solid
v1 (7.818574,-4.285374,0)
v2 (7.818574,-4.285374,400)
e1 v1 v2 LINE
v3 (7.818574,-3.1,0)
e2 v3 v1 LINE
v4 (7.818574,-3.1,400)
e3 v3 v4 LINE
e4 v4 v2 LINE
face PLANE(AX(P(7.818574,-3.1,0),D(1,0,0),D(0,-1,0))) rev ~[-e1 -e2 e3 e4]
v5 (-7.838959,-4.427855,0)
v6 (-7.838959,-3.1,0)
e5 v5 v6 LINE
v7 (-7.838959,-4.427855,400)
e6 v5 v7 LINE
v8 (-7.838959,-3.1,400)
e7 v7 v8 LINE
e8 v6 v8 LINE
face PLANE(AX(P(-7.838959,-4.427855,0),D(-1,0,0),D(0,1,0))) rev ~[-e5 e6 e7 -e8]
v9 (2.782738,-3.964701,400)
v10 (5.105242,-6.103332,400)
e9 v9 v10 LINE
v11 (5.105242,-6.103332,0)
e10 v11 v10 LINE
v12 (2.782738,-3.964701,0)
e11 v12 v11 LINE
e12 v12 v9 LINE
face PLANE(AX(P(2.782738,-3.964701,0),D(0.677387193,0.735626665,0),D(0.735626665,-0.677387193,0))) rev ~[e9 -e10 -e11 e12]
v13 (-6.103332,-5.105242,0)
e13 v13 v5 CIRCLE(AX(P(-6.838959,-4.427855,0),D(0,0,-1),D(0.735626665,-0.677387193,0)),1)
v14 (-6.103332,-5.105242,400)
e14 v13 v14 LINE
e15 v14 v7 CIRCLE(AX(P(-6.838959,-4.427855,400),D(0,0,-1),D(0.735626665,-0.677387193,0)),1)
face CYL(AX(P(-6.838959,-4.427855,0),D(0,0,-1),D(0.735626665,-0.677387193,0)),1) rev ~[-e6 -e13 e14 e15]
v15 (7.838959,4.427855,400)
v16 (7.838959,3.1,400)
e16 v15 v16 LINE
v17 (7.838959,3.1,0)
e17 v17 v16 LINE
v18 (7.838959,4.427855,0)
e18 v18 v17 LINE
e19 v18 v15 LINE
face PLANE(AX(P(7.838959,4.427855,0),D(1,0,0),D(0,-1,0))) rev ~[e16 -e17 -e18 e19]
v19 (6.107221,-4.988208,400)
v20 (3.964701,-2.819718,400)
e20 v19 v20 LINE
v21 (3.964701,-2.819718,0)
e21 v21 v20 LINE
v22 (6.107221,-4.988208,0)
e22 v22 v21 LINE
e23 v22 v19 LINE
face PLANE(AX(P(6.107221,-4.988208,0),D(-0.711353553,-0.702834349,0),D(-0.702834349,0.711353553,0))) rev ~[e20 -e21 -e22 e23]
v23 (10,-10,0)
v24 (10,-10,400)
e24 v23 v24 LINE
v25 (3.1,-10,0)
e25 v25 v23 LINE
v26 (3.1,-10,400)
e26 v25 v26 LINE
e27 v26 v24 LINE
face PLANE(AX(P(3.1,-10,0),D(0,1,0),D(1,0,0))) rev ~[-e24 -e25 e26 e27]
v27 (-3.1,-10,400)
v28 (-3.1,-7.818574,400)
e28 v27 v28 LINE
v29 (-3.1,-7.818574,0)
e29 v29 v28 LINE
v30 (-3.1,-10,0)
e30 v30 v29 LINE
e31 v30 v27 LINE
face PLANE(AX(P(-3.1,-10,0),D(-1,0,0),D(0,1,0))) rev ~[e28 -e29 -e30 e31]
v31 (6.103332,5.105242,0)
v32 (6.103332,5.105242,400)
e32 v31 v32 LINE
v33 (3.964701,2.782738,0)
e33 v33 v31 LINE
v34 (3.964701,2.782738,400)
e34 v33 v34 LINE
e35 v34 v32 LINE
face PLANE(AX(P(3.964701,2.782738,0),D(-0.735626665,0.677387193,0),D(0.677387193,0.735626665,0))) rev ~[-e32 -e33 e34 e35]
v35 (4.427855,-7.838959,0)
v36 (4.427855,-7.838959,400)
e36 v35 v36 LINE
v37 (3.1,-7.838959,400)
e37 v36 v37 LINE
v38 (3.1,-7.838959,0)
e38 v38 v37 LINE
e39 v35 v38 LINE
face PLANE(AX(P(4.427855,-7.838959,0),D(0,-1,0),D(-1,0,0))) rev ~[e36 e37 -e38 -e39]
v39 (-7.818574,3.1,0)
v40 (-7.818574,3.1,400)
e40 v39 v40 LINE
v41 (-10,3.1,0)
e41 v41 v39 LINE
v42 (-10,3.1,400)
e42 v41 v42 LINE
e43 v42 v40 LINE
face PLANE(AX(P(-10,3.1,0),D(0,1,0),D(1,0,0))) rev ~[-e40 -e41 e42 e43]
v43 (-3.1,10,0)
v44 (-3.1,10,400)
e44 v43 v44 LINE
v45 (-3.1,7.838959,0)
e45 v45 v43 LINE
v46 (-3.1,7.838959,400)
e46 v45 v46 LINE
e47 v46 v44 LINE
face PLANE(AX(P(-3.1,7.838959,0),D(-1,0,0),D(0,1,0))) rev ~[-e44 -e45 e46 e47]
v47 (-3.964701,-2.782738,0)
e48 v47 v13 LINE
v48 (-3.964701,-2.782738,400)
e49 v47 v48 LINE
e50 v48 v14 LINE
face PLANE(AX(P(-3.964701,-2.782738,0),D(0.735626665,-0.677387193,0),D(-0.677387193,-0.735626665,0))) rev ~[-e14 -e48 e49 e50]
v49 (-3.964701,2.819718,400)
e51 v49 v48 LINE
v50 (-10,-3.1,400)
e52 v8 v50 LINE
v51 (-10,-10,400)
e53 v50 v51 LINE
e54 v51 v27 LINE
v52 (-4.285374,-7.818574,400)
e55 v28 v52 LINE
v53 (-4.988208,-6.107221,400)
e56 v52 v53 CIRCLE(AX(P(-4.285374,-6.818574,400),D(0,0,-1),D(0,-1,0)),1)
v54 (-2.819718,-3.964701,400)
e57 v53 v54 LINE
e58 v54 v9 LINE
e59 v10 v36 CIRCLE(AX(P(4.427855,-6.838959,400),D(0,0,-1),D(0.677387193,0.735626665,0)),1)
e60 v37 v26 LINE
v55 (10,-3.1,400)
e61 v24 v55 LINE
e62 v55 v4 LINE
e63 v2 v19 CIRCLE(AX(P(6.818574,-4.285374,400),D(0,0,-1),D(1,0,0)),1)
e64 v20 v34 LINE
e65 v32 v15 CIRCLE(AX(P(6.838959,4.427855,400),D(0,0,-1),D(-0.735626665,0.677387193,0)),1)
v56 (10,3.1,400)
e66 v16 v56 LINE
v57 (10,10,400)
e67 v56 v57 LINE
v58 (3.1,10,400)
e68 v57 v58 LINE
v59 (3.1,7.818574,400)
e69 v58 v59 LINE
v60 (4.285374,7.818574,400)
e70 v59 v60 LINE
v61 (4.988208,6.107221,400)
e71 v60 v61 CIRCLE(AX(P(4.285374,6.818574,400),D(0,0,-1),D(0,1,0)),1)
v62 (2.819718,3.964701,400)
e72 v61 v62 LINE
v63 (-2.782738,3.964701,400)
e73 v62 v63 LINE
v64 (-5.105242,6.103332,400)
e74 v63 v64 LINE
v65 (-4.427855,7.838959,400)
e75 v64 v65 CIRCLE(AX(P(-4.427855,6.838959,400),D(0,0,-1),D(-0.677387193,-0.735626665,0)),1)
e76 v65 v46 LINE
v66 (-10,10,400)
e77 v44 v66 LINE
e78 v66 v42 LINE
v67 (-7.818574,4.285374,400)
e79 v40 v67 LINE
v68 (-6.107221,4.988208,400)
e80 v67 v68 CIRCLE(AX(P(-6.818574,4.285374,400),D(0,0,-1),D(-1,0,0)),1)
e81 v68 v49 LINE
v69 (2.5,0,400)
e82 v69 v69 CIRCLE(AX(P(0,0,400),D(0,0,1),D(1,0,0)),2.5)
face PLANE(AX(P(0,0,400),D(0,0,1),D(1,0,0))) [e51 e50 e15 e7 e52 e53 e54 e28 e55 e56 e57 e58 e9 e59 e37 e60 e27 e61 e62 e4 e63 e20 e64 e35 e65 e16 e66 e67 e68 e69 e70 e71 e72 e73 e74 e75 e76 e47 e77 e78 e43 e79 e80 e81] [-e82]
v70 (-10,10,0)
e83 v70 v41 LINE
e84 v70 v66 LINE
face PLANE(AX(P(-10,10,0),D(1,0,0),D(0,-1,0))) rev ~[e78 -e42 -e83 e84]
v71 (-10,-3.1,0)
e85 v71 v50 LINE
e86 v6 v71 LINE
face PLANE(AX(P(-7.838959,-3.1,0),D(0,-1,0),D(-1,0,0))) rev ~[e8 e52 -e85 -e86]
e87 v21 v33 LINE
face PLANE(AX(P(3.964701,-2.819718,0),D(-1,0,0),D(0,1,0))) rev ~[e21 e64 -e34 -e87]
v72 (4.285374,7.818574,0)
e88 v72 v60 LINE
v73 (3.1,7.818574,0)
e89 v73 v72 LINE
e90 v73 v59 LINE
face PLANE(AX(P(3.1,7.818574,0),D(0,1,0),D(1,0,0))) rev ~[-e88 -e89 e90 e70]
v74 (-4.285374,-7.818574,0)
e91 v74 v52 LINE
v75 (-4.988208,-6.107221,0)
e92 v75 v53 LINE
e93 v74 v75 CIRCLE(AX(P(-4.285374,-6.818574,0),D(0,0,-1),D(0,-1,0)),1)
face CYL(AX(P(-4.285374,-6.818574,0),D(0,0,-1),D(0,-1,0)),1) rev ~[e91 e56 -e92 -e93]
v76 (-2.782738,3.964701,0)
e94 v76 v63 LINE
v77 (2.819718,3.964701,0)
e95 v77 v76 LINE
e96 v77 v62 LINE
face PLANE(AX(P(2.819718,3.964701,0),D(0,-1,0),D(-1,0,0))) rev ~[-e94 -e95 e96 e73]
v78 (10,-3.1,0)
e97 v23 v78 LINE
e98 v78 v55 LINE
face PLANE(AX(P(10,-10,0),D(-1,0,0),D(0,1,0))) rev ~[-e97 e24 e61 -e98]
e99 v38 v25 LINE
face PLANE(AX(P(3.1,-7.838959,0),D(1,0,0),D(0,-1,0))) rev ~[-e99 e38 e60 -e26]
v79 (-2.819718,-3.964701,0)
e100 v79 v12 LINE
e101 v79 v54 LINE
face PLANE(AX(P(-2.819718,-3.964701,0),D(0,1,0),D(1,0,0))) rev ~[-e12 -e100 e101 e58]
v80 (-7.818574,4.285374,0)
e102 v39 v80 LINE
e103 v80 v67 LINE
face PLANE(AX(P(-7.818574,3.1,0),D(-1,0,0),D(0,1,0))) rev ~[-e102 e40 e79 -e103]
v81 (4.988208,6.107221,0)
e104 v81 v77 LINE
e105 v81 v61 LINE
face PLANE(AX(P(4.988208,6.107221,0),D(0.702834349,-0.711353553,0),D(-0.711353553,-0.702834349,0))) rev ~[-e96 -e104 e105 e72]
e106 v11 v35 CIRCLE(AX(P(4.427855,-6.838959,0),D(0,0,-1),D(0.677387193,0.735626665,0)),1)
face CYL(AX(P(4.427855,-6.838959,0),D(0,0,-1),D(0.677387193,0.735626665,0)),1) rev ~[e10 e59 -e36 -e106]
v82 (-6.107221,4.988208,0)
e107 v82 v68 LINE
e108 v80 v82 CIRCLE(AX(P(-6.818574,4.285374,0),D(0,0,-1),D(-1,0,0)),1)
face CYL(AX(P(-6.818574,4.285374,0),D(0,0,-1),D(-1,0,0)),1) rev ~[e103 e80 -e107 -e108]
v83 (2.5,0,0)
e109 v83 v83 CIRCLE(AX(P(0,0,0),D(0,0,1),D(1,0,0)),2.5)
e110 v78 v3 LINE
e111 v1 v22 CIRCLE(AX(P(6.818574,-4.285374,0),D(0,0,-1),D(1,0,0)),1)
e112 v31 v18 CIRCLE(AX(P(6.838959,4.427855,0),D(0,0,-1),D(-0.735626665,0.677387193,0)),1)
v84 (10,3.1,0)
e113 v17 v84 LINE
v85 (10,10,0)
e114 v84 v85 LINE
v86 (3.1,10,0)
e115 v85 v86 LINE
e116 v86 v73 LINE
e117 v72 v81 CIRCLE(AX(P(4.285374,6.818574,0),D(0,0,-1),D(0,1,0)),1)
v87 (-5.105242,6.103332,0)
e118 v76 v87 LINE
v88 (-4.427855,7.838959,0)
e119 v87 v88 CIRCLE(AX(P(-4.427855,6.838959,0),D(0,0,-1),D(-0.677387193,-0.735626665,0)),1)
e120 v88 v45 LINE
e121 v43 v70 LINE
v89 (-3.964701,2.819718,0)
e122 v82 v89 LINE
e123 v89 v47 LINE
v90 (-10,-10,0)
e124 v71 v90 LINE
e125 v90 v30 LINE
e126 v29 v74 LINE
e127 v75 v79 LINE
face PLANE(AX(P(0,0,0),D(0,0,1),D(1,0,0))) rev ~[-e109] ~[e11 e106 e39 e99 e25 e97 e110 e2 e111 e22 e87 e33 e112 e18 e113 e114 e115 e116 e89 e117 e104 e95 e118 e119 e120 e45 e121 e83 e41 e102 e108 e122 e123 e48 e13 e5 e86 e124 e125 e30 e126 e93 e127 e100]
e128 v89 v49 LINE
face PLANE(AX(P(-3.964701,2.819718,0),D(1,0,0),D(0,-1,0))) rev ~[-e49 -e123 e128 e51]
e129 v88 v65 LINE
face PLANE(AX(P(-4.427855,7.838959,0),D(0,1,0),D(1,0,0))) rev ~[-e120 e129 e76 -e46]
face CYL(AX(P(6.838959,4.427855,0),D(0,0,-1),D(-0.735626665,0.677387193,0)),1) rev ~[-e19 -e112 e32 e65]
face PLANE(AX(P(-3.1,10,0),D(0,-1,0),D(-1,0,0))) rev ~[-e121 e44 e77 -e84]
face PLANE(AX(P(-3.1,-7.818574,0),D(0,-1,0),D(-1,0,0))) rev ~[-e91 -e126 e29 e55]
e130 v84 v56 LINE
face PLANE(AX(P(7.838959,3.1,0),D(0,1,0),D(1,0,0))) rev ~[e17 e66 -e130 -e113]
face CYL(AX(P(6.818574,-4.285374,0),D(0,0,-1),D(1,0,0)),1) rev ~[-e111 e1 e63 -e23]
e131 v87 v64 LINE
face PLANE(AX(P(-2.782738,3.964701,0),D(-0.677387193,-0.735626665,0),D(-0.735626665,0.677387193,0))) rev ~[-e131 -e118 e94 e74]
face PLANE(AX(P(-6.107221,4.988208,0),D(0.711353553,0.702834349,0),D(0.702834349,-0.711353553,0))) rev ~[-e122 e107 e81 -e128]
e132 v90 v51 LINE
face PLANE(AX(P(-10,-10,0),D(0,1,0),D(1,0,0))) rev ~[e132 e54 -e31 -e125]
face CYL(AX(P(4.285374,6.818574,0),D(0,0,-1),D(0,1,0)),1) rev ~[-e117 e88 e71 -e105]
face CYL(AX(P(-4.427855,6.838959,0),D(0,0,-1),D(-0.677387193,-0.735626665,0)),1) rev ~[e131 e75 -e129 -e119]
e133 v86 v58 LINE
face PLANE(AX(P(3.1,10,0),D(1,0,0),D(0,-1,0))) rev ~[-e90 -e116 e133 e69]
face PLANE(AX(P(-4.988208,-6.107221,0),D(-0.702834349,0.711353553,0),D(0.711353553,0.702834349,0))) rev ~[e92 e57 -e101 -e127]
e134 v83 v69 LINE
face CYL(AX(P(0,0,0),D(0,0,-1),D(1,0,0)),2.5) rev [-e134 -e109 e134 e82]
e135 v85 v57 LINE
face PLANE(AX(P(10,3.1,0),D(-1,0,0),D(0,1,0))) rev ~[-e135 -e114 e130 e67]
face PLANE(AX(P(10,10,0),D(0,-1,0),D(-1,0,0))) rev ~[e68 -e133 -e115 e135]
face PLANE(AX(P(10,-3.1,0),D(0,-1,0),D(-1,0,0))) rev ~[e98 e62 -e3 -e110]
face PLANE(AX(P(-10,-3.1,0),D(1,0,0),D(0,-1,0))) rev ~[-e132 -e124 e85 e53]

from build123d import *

# Parameters (mm, degrees)
SKETCH2_R           = 2.5
BOSS_EXTRUDE1_DEPTH = 400


with BuildPart() as part:
    # Sketch2 → Boss-Extrude1 (new body)
    with BuildSketch(Plane.XY):
        with BuildLine():
            Line((-10, -10), (-3.1, -10))
            Line((-3.1, -10), (-3.1, -7.81857447))
            Line((-3.1, -7.81857447), (-4.285374034, -7.81857447))
            ThreePointArc((-4.285374034, -7.81857447), (-5.210402021, -7.198473435), (-4.988208383, -6.107220917))
            Line((-4.988208383, -6.107220917), (-2.819718275, -3.96470075))
            Line((-2.819718275, -3.96470075), (0, -3.96470075))
            Line((0, -3.96470075), (2.782738033, -3.96470075))
            Line((2.782738033, -3.96470075), (5.105242131, -6.103332486))
            ThreePointArc((5.105242131, -6.103332486), (5.359419929, -7.202533996), (4.427854938, -7.838959152))
            Line((4.427854938, -7.838959152), (3.1, -7.838959152))
            Line((3.1, -7.838959152), (3.1, -10))
            Line((3.1, -10), (10, -10))
            Line((10, -10), (10, -3.1))
            Line((10, -3.1), (7.81857447, -3.1))
            Line((7.81857447, -3.1), (7.81857447, -4.285374034))
            ThreePointArc((7.81857447, -4.285374034), (7.198473435, -5.210402021), (6.107220917, -4.988208383))
            Line((6.107220917, -4.988208383), (3.96470075, -2.819718275))
            Line((3.96470075, -2.819718275), (3.96470075, 0))
            Line((3.96470075, 0), (3.96470075, 2.782738033))
            Line((3.96470075, 2.782738033), (6.103332486, 5.105242131))
            ThreePointArc((6.103332486, 5.105242131), (7.202533996, 5.359419929), (7.838959152, 4.427854938))
            Line((7.838959152, 4.427854938), (7.838959152, 3.1))
            Line((7.838959152, 3.1), (10, 3.1))
            Line((10, 3.1), (10, 10))
            Line((10, 10), (3.1, 10))
            Line((3.1, 10), (3.1, 7.81857447))
            Line((3.1, 7.81857447), (4.285374034, 7.81857447))
            ThreePointArc((4.285374034, 7.81857447), (5.210402021, 7.198473435), (4.988208383, 6.107220917))
            Line((4.988208383, 6.107220917), (2.819718275, 3.96470075))
            Line((2.819718275, 3.96470075), (0, 3.96470075))
            Line((0, 3.96470075), (-2.782738033, 3.96470075))
            Line((-2.782738033, 3.96470075), (-5.105242131, 6.103332486))
            ThreePointArc((-5.105242131, 6.103332486), (-5.359419929, 7.202533996), (-4.427854938, 7.838959152))
            Line((-4.427854938, 7.838959152), (-3.1, 7.838959152))
            Line((-3.1, 7.838959152), (-3.1, 10))
            Line((-3.1, 10), (-10, 10))
            Line((-10, 10), (-10, 3.1))
            Line((-10, 3.1), (-7.81857447, 3.1))
            Line((-7.81857447, 3.1), (-7.81857447, 4.285374034))
            ThreePointArc((-7.81857447, 4.285374034), (-7.198473435, 5.210402021), (-6.107220917, 4.988208383))
            Line((-6.107220917, 4.988208383), (-3.96470075, 2.819718275))
            Line((-3.96470075, 2.819718275), (-3.96470075, 0))
            Line((-3.96470075, 0), (-3.96470075, -2.782738033))
            Line((-3.96470075, -2.782738033), (-6.103332486, -5.105242131))
            ThreePointArc((-6.103332486, -5.105242131), (-7.202533996, -5.359419929), (-7.838959152, -4.427854938))
            Line((-7.838959152, -4.427854938), (-7.838959152, -3.1))
            Line((-7.838959152, -3.1), (-10, -3.1))
            Line((-10, -3.1), (-10, -10))
        make_face()
        Circle(SKETCH2_R, mode=Mode.SUBTRACT)
    extrude(amount=BOSS_EXTRUDE1_DEPTH)


solid = part.part
